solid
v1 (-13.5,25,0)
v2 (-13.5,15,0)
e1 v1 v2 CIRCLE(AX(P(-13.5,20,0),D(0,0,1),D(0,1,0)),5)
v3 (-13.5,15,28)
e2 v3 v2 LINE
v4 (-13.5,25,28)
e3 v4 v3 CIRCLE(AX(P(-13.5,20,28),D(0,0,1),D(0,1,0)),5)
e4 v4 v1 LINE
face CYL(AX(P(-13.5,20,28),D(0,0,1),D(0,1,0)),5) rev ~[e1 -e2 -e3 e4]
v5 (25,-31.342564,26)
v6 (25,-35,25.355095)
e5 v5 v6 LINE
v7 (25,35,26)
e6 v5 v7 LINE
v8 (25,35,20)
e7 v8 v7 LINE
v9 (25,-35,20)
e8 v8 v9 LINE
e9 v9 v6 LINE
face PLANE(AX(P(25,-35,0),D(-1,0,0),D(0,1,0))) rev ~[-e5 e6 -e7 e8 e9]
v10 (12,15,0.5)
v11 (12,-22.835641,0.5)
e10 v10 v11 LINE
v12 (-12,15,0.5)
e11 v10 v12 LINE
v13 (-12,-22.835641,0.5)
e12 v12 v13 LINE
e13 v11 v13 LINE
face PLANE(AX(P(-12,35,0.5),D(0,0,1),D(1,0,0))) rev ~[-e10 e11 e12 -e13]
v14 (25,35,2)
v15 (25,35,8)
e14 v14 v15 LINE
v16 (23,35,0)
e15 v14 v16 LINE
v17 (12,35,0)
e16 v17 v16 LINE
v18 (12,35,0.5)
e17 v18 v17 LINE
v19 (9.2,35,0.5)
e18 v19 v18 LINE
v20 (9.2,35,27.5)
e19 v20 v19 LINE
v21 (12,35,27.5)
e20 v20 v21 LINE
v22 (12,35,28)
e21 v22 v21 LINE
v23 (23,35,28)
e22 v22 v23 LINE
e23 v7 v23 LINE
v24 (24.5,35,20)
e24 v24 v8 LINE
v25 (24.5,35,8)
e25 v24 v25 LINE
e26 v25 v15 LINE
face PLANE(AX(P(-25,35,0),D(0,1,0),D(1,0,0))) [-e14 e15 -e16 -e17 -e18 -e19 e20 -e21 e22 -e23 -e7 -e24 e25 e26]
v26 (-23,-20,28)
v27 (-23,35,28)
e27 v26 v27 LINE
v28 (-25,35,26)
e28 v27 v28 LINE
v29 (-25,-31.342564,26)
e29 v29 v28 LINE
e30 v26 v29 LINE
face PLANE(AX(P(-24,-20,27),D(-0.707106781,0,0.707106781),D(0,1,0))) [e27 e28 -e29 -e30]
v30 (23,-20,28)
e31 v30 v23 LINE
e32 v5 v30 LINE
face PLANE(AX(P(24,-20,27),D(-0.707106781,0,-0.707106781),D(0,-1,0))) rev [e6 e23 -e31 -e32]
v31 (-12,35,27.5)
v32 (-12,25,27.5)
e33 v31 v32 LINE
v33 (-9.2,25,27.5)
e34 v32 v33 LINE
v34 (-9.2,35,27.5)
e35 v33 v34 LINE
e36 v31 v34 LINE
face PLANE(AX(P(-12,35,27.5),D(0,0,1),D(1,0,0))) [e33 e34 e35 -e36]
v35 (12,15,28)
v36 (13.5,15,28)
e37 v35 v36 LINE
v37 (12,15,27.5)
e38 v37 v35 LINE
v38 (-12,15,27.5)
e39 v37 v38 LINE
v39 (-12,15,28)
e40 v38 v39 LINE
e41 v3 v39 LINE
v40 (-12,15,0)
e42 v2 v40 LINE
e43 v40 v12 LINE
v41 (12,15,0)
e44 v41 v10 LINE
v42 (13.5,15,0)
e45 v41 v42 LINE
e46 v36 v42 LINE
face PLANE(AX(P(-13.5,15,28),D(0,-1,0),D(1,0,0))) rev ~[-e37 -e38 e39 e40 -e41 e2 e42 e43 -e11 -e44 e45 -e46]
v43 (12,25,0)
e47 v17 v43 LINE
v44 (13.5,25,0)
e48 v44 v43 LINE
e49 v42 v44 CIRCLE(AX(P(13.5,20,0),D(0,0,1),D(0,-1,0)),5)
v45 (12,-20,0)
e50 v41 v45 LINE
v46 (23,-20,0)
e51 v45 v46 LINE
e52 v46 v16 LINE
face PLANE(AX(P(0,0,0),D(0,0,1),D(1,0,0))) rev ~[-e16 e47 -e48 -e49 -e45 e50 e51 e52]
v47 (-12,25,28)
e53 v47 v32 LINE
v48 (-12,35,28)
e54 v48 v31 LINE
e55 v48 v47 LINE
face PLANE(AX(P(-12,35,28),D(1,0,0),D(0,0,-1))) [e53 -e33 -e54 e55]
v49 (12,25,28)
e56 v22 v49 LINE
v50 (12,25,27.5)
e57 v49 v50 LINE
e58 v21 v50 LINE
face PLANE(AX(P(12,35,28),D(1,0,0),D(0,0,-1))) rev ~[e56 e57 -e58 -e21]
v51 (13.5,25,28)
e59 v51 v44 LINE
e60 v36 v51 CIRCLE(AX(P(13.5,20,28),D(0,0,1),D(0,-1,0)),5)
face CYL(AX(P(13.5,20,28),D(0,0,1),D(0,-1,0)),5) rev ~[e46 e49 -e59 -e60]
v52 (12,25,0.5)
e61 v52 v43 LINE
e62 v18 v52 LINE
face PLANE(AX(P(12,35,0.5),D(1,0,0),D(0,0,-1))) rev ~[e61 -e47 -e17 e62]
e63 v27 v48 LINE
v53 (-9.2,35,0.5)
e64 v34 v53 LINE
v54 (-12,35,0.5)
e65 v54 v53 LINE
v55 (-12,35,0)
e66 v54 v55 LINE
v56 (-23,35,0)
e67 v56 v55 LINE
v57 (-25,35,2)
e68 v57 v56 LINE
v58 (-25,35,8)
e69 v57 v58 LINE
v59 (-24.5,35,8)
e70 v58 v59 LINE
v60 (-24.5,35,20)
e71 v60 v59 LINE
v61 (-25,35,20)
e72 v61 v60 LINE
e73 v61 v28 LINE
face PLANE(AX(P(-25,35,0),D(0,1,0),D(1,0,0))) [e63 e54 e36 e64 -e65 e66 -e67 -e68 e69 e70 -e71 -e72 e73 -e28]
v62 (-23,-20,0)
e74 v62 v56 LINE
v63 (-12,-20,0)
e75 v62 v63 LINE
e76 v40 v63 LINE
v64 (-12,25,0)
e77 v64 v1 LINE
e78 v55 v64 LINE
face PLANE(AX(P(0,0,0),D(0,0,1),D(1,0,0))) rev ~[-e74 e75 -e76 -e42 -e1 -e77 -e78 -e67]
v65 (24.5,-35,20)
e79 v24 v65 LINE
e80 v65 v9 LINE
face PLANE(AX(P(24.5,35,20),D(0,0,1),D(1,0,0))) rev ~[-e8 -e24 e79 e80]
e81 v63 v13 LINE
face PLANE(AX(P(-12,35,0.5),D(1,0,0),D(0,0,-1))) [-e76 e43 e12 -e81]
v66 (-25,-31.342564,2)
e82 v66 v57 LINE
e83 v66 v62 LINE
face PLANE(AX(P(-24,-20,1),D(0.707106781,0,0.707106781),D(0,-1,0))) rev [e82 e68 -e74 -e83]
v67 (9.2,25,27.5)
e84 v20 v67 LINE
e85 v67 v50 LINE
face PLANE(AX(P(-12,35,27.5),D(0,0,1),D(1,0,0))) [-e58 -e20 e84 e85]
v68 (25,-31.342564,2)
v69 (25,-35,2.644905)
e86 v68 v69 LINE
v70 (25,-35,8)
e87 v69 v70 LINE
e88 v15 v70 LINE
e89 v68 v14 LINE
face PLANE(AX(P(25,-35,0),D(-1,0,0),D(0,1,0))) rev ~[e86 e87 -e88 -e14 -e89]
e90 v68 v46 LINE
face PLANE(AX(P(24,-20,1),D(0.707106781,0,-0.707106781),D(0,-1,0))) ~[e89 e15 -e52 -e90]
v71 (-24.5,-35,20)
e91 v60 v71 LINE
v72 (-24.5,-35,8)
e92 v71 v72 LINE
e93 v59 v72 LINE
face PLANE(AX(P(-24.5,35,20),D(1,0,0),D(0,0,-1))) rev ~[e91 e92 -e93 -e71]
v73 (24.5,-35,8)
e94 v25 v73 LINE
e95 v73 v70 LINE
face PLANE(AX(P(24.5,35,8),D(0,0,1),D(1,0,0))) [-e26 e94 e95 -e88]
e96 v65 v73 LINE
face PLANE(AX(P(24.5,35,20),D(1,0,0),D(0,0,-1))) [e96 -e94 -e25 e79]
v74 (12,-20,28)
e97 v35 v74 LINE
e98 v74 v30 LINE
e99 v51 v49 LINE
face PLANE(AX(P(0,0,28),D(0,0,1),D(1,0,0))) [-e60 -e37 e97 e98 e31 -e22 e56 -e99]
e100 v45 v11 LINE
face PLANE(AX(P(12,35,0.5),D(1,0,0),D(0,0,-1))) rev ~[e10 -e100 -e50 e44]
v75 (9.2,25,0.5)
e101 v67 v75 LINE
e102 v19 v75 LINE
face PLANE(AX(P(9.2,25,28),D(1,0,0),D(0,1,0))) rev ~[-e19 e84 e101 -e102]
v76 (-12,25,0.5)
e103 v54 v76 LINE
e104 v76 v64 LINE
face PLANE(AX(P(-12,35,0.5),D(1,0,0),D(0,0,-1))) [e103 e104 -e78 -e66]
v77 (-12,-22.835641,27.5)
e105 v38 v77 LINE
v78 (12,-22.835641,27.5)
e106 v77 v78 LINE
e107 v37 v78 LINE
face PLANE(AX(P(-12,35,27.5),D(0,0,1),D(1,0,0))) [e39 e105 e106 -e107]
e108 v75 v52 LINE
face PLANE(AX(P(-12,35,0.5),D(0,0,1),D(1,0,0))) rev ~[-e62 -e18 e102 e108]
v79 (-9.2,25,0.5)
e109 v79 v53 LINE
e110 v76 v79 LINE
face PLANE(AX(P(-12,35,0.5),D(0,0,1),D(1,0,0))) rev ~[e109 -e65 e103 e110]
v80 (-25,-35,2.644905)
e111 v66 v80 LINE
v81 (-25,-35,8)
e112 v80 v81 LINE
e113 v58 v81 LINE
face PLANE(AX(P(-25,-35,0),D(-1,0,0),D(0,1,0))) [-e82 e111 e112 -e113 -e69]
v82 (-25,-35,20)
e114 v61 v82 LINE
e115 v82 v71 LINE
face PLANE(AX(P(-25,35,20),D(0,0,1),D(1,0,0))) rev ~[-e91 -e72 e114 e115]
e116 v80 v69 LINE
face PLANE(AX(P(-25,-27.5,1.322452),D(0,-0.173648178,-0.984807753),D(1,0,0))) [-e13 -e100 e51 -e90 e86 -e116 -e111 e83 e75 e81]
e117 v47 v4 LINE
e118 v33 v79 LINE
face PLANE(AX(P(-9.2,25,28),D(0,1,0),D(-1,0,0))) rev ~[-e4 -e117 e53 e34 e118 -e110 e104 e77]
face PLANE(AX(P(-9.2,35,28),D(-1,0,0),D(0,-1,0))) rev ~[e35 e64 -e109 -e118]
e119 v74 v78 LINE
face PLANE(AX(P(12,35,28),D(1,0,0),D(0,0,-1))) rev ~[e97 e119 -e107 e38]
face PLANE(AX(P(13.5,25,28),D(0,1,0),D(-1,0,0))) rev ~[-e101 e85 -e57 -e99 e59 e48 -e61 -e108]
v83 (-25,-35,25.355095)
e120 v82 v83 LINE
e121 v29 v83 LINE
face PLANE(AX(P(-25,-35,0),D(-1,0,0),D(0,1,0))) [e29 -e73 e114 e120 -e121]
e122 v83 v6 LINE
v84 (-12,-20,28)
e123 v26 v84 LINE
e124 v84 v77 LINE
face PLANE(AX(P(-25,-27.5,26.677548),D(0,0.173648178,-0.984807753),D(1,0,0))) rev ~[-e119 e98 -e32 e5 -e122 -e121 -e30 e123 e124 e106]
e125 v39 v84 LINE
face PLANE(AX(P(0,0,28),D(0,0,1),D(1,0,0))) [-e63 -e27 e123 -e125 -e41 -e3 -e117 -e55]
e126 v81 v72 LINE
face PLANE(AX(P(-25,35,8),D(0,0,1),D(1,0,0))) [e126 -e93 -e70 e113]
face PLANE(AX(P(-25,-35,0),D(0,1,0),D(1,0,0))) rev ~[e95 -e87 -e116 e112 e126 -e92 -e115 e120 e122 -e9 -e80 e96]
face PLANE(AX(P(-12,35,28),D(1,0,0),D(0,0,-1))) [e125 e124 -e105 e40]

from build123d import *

# Parameters (mm, degrees)
SKETCH_1_W          = 50
SKETCH_1_H          = 70
EXTRUDE_1_DEPTH     = 28
CUT_EXTRUDE_6_DEPTH = 52.322509681
CHAMFER_1_SIZE      = 15
CHAMFER_1_SIZE2     = 2.644904711
CHAMFER_2_SIZE      = 15
CHAMFER_2_SIZE2     = 2.644904711
SKETCH_6_W          = 24
SKETCH_6_H          = 0.5
CUT_EXTRUDE_7_DEPTH = 80.429213769
SKETCH_7_W          = 0.5
SKETCH_7_H          = 12
CUT_EXTRUDE_8_DEPTH = 80.429213769
CHAMFER_3_SIZE      = 2


with BuildPart() as part:
    # 草圖1 → 伸長1 (new body)
    with BuildSketch(Plane.XY):
        Rectangle(SKETCH_1_W, SKETCH_1_H)
    extrude(amount=EXTRUDE_1_DEPTH)

    # 草圖4 → 除料-伸長6 (cut, through all)
    with BuildSketch(Plane.XY.offset(28)):
        with BuildLine():
            Line((-9.2, 35), (-9.2, 25))
            Line((-9.2, 25), (-13.5, 25))
            ThreePointArc((-13.5, 25), (-18.5, 20), (-13.5, 15))
            Line((-13.5, 15), (13.5, 15))
            ThreePointArc((13.5, 15), (18.5, 20), (13.5, 25))
            Line((13.5, 25), (9.2, 25))
            Line((9.2, 25), (9.2, 35))
            Line((9.2, 35), (-9.2, 35))
        make_face()
    extrude(amount=-CUT_EXTRUDE_6_DEPTH, mode=Mode.SUBTRACT)

    # 導角1
    chamfer_1_edges = [part.edges().sort_by_distance(p)[0] for p in [
        (0, -35, 0),
    ]]
    chamfer_1_side = [part.faces().sort_by_distance(p)[0] for p in [
        (0, -4.209254903, 0),
    ]]
    chamfer(chamfer_1_edges, length=CHAMFER_1_SIZE, length2=CHAMFER_1_SIZE2, reference=chamfer_1_side[0])

    # 導角2
    chamfer_2_edges = [part.edges().sort_by_distance(p)[0] for p in [
        (0, -35, 28),
    ]]
    chamfer_2_side = [part.faces().sort_by_distance(p)[0] for p in [
        (0, -4.209254903, 28),
    ]]
    chamfer(chamfer_2_edges, length=CHAMFER_2_SIZE, length2=CHAMFER_2_SIZE2, reference=chamfer_2_side[0])

    # 草圖6 → 除料-伸長7 (cut, through all)
    with BuildSketch(Plane(origin=(0, 35, 0), x_dir=(1, 0, 0), z_dir=(0, 1, 0))):
        with Locations((0, -27.75)):
            Rectangle(SKETCH_6_W, SKETCH_6_H)
        with Locations((0, -0.25)):
            Rectangle(SKETCH_6_W, SKETCH_6_H)
    extrude(amount=-CUT_EXTRUDE_7_DEPTH, mode=Mode.SUBTRACT)

    # 草圖7 → 除料-伸長8 (cut, through all)
    with BuildSketch(Plane(origin=(0, 35, 0), x_dir=(1, 0, 0), z_dir=(0, 1, 0))):
        with Locations((-24.75, -14)):
            Rectangle(SKETCH_7_W, SKETCH_7_H)
        with Locations((24.75, -14)):
            Rectangle(SKETCH_7_W, SKETCH_7_H)
    extrude(amount=-CUT_EXTRUDE_8_DEPTH, mode=Mode.SUBTRACT)

    # 導角3
    chamfer_3_edges = [part.edges().sort_by_distance(p)[0] for p in [
        (-25, 7.5, 28),
        (25, 7.5, 0),
        (25, 7.5, 28),
        (-25, 7.5, 0),
    ]]
    chamfer(chamfer_3_edges, length=CHAMFER_3_SIZE)


solid = part.part
